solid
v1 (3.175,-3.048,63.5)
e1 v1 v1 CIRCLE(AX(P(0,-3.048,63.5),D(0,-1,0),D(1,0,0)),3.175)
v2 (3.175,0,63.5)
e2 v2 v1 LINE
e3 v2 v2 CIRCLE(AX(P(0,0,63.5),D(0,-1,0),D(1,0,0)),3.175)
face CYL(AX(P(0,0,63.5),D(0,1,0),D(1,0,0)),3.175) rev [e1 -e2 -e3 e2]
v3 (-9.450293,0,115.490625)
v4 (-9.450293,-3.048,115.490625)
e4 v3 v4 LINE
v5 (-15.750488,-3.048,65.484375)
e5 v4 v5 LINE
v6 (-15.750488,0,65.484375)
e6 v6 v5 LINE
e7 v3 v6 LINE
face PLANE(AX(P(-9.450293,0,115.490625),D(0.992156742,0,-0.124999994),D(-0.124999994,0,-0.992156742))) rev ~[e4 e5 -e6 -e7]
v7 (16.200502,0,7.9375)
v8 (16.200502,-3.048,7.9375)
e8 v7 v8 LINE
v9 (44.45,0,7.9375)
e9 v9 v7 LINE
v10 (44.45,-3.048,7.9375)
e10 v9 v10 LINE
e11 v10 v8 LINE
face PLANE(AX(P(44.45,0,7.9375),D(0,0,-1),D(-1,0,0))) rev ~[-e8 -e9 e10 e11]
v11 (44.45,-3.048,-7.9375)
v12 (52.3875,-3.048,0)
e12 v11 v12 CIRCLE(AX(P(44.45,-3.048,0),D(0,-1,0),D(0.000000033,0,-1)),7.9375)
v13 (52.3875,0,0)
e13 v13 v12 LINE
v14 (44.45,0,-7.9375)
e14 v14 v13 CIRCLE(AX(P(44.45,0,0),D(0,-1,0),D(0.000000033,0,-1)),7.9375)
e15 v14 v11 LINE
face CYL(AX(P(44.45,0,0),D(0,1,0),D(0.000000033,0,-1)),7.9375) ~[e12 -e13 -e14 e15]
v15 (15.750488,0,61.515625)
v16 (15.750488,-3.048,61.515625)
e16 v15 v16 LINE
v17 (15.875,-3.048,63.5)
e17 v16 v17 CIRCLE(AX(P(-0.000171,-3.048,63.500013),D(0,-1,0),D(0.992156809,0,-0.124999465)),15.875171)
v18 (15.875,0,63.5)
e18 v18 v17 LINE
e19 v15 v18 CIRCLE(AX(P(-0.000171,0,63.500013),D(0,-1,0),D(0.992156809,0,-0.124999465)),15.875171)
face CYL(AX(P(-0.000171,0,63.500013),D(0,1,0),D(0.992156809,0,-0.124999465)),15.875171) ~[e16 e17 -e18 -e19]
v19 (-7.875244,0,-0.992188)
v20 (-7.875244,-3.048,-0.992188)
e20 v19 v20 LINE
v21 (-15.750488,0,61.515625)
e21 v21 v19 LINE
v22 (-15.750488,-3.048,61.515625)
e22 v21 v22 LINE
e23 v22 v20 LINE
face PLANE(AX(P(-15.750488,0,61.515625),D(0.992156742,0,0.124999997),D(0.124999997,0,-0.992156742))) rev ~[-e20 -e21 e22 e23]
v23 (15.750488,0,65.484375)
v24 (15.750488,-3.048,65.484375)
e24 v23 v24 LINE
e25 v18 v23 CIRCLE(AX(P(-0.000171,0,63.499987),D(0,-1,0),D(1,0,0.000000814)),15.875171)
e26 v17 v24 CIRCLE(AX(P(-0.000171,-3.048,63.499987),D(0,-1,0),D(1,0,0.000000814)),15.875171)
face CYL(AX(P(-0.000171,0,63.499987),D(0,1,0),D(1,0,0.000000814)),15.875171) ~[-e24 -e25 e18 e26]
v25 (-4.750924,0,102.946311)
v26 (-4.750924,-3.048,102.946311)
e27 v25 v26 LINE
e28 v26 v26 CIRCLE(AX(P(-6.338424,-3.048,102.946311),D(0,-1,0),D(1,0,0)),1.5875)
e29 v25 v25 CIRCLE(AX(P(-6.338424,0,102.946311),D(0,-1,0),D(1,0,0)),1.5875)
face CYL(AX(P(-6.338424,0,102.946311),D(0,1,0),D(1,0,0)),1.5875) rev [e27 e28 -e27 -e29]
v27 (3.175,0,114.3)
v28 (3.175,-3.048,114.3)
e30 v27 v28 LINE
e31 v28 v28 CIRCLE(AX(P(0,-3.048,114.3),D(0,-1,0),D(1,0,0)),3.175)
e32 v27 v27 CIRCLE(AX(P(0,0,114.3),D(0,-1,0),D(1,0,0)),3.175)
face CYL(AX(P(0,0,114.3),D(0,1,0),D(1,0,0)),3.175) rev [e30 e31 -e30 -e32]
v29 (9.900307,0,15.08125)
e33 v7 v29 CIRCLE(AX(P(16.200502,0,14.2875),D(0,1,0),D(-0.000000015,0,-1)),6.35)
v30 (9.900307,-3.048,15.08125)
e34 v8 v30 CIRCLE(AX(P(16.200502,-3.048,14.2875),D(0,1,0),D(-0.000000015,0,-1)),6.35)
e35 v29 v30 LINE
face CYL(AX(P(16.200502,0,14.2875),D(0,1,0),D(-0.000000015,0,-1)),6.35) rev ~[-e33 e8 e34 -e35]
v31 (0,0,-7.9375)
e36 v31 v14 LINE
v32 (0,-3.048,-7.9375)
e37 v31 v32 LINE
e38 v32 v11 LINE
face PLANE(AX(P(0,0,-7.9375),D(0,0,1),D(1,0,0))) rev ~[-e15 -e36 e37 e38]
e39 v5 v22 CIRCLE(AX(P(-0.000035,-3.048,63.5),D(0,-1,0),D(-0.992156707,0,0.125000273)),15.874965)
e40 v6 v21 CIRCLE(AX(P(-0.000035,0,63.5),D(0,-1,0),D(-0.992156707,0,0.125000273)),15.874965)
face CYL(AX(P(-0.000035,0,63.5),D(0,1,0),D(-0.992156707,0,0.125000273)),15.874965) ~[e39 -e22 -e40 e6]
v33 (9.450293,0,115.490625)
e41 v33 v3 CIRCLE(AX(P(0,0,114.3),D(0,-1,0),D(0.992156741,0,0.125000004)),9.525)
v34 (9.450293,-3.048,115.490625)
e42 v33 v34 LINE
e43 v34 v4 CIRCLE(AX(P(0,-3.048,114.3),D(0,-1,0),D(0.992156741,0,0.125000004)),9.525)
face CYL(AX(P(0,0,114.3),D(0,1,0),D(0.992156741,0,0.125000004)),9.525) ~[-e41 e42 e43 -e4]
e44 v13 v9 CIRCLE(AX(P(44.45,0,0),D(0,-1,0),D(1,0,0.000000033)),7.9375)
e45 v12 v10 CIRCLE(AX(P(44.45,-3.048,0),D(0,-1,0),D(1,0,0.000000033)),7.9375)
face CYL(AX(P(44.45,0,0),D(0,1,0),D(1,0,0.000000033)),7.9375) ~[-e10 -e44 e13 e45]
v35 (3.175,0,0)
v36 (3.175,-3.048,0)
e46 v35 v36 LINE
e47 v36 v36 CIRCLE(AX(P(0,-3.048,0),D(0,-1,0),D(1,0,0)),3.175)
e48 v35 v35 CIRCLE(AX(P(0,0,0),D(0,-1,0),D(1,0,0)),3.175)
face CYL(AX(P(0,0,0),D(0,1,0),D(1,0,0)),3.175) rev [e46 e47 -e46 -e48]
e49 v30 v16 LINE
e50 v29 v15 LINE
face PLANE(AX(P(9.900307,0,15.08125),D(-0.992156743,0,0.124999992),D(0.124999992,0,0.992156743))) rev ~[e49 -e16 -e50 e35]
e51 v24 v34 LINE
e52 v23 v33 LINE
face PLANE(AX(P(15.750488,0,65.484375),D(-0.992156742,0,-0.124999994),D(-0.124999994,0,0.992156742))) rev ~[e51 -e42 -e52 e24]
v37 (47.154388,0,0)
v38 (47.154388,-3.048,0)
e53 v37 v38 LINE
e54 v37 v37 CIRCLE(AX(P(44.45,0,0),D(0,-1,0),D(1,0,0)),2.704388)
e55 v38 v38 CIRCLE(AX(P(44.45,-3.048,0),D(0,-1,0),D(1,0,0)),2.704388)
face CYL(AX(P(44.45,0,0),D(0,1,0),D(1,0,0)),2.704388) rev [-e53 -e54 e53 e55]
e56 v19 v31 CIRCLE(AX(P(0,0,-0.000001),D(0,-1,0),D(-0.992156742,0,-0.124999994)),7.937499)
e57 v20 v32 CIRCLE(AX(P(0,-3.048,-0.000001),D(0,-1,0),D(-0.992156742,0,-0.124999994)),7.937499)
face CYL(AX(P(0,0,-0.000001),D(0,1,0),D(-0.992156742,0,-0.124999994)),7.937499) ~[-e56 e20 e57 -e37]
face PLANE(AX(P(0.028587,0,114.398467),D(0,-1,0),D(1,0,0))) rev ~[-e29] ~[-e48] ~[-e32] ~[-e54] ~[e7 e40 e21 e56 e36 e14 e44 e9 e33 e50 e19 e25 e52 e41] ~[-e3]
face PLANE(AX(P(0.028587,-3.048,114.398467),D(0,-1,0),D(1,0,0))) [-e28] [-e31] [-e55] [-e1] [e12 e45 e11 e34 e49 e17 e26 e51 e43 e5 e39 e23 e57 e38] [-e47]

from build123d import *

# Parameters (mm, degrees)
F0_R     = 3.175
F0_R_2   = 1.5875
F0_R_3   = 2.704388
F1_DEPTH = 3.048


with BuildPart() as f1:
    # F0 (on Front) → F1 (new body)
    with BuildSketch(Plane.XZ):
        with BuildLine():
            ThreePointArc((-9.450293, 115.490625), (-0.596483, 104.793695), (9.525, 114.3))
            ThreePointArc((9.525, 114.3), (9.506305, 114.896483), (9.450293, 115.490625))
            ThreePointArc((9.450293, 115.490625), (0, 123.825), (-9.450293, 115.490625))
        make_face()
        with Locations((0, 114.3)):
            Circle(F0_R, mode=Mode.SUBTRACT)
        with BuildLine():
            ThreePointArc((9.450293, 115.490625), (9.506305, 114.896483), (9.525, 114.3))
            ThreePointArc((9.525, 114.3), (-0.596483, 104.793695), (-9.450293, 115.490625))
            Line((-9.450293, 115.490625), (-15.750488, 65.484375))
            ThreePointArc((-15.750488, 65.484375), (0, 79.375), (15.750488, 65.484375))
            Line((15.750488, 65.484375), (9.450293, 115.490625))
        make_face()
        with Locations((-6.338424, 102.946311)):
            Circle(F0_R_2, mode=Mode.SUBTRACT)
        with BuildLine():
            ThreePointArc((15.875, 63.5), (15.843841, 64.494139), (15.750488, 65.484375))
            ThreePointArc((15.750488, 65.484375), (0, 79.375), (-15.750488, 65.484375))
            ThreePointArc((-15.750488, 65.484375), (-15.875, 63.5), (-15.750488, 61.515625))
            ThreePointArc((-15.750488, 61.515625), (0, 47.625), (15.750488, 61.515625))
            ThreePointArc((15.750488, 61.515625), (15.843841, 62.505861), (15.875, 63.5))
        make_face()
        with Locations((0, 63.5)):
            Circle(F0_R, mode=Mode.SUBTRACT)
        with BuildLine():
            ThreePointArc((15.750488, 61.515625), (0, 47.625), (-15.750488, 61.515625))
            Line((-15.750488, 61.515625), (-7.875244, -0.992188))
            ThreePointArc((-7.875244, -0.992188), (-0.497069, 7.921921), (7.9375, 0))
            ThreePointArc((7.9375, 0), (5.61266, -5.61266), (0, -7.9375))
            Line((0, -7.9375), (44.45, -7.9375))
            ThreePointArc((44.45, -7.9375), (36.5125, 0), (44.45, 7.9375))
            Line((44.45, 7.9375), (16.200502, 7.9375))
            ThreePointArc((16.200502, 7.9375), (11.438002, 10.08737), (9.900307, 15.08125))
            Line((9.900307, 15.08125), (15.750488, 61.515625))
        make_face()
        with BuildLine():
            ThreePointArc((7.9375, 0), (-0.497069, 7.921921), (-7.875244, -0.992188))
            ThreePointArc((-7.875244, -0.992188), (-5.250163, -5.953125), (0, -7.9375))
            ThreePointArc((0, -7.9375), (5.61266, -5.61266), (7.9375, 0))
        make_face()
        Circle(F0_R, mode=Mode.SUBTRACT)
        with BuildLine():
            ThreePointArc((44.45, 7.9375), (36.5125, 0), (44.45, -7.9375))
            ThreePointArc((44.45, -7.9375), (50.06266, -5.61266), (52.3875, 0))
            ThreePointArc((52.3875, 0), (50.06266, 5.61266), (44.45, 7.9375))
        make_face()
        with Locations((44.45, 0)):
            Circle(F0_R_3, mode=Mode.SUBTRACT)
    extrude(amount=F1_DEPTH)


solid = f1.part
